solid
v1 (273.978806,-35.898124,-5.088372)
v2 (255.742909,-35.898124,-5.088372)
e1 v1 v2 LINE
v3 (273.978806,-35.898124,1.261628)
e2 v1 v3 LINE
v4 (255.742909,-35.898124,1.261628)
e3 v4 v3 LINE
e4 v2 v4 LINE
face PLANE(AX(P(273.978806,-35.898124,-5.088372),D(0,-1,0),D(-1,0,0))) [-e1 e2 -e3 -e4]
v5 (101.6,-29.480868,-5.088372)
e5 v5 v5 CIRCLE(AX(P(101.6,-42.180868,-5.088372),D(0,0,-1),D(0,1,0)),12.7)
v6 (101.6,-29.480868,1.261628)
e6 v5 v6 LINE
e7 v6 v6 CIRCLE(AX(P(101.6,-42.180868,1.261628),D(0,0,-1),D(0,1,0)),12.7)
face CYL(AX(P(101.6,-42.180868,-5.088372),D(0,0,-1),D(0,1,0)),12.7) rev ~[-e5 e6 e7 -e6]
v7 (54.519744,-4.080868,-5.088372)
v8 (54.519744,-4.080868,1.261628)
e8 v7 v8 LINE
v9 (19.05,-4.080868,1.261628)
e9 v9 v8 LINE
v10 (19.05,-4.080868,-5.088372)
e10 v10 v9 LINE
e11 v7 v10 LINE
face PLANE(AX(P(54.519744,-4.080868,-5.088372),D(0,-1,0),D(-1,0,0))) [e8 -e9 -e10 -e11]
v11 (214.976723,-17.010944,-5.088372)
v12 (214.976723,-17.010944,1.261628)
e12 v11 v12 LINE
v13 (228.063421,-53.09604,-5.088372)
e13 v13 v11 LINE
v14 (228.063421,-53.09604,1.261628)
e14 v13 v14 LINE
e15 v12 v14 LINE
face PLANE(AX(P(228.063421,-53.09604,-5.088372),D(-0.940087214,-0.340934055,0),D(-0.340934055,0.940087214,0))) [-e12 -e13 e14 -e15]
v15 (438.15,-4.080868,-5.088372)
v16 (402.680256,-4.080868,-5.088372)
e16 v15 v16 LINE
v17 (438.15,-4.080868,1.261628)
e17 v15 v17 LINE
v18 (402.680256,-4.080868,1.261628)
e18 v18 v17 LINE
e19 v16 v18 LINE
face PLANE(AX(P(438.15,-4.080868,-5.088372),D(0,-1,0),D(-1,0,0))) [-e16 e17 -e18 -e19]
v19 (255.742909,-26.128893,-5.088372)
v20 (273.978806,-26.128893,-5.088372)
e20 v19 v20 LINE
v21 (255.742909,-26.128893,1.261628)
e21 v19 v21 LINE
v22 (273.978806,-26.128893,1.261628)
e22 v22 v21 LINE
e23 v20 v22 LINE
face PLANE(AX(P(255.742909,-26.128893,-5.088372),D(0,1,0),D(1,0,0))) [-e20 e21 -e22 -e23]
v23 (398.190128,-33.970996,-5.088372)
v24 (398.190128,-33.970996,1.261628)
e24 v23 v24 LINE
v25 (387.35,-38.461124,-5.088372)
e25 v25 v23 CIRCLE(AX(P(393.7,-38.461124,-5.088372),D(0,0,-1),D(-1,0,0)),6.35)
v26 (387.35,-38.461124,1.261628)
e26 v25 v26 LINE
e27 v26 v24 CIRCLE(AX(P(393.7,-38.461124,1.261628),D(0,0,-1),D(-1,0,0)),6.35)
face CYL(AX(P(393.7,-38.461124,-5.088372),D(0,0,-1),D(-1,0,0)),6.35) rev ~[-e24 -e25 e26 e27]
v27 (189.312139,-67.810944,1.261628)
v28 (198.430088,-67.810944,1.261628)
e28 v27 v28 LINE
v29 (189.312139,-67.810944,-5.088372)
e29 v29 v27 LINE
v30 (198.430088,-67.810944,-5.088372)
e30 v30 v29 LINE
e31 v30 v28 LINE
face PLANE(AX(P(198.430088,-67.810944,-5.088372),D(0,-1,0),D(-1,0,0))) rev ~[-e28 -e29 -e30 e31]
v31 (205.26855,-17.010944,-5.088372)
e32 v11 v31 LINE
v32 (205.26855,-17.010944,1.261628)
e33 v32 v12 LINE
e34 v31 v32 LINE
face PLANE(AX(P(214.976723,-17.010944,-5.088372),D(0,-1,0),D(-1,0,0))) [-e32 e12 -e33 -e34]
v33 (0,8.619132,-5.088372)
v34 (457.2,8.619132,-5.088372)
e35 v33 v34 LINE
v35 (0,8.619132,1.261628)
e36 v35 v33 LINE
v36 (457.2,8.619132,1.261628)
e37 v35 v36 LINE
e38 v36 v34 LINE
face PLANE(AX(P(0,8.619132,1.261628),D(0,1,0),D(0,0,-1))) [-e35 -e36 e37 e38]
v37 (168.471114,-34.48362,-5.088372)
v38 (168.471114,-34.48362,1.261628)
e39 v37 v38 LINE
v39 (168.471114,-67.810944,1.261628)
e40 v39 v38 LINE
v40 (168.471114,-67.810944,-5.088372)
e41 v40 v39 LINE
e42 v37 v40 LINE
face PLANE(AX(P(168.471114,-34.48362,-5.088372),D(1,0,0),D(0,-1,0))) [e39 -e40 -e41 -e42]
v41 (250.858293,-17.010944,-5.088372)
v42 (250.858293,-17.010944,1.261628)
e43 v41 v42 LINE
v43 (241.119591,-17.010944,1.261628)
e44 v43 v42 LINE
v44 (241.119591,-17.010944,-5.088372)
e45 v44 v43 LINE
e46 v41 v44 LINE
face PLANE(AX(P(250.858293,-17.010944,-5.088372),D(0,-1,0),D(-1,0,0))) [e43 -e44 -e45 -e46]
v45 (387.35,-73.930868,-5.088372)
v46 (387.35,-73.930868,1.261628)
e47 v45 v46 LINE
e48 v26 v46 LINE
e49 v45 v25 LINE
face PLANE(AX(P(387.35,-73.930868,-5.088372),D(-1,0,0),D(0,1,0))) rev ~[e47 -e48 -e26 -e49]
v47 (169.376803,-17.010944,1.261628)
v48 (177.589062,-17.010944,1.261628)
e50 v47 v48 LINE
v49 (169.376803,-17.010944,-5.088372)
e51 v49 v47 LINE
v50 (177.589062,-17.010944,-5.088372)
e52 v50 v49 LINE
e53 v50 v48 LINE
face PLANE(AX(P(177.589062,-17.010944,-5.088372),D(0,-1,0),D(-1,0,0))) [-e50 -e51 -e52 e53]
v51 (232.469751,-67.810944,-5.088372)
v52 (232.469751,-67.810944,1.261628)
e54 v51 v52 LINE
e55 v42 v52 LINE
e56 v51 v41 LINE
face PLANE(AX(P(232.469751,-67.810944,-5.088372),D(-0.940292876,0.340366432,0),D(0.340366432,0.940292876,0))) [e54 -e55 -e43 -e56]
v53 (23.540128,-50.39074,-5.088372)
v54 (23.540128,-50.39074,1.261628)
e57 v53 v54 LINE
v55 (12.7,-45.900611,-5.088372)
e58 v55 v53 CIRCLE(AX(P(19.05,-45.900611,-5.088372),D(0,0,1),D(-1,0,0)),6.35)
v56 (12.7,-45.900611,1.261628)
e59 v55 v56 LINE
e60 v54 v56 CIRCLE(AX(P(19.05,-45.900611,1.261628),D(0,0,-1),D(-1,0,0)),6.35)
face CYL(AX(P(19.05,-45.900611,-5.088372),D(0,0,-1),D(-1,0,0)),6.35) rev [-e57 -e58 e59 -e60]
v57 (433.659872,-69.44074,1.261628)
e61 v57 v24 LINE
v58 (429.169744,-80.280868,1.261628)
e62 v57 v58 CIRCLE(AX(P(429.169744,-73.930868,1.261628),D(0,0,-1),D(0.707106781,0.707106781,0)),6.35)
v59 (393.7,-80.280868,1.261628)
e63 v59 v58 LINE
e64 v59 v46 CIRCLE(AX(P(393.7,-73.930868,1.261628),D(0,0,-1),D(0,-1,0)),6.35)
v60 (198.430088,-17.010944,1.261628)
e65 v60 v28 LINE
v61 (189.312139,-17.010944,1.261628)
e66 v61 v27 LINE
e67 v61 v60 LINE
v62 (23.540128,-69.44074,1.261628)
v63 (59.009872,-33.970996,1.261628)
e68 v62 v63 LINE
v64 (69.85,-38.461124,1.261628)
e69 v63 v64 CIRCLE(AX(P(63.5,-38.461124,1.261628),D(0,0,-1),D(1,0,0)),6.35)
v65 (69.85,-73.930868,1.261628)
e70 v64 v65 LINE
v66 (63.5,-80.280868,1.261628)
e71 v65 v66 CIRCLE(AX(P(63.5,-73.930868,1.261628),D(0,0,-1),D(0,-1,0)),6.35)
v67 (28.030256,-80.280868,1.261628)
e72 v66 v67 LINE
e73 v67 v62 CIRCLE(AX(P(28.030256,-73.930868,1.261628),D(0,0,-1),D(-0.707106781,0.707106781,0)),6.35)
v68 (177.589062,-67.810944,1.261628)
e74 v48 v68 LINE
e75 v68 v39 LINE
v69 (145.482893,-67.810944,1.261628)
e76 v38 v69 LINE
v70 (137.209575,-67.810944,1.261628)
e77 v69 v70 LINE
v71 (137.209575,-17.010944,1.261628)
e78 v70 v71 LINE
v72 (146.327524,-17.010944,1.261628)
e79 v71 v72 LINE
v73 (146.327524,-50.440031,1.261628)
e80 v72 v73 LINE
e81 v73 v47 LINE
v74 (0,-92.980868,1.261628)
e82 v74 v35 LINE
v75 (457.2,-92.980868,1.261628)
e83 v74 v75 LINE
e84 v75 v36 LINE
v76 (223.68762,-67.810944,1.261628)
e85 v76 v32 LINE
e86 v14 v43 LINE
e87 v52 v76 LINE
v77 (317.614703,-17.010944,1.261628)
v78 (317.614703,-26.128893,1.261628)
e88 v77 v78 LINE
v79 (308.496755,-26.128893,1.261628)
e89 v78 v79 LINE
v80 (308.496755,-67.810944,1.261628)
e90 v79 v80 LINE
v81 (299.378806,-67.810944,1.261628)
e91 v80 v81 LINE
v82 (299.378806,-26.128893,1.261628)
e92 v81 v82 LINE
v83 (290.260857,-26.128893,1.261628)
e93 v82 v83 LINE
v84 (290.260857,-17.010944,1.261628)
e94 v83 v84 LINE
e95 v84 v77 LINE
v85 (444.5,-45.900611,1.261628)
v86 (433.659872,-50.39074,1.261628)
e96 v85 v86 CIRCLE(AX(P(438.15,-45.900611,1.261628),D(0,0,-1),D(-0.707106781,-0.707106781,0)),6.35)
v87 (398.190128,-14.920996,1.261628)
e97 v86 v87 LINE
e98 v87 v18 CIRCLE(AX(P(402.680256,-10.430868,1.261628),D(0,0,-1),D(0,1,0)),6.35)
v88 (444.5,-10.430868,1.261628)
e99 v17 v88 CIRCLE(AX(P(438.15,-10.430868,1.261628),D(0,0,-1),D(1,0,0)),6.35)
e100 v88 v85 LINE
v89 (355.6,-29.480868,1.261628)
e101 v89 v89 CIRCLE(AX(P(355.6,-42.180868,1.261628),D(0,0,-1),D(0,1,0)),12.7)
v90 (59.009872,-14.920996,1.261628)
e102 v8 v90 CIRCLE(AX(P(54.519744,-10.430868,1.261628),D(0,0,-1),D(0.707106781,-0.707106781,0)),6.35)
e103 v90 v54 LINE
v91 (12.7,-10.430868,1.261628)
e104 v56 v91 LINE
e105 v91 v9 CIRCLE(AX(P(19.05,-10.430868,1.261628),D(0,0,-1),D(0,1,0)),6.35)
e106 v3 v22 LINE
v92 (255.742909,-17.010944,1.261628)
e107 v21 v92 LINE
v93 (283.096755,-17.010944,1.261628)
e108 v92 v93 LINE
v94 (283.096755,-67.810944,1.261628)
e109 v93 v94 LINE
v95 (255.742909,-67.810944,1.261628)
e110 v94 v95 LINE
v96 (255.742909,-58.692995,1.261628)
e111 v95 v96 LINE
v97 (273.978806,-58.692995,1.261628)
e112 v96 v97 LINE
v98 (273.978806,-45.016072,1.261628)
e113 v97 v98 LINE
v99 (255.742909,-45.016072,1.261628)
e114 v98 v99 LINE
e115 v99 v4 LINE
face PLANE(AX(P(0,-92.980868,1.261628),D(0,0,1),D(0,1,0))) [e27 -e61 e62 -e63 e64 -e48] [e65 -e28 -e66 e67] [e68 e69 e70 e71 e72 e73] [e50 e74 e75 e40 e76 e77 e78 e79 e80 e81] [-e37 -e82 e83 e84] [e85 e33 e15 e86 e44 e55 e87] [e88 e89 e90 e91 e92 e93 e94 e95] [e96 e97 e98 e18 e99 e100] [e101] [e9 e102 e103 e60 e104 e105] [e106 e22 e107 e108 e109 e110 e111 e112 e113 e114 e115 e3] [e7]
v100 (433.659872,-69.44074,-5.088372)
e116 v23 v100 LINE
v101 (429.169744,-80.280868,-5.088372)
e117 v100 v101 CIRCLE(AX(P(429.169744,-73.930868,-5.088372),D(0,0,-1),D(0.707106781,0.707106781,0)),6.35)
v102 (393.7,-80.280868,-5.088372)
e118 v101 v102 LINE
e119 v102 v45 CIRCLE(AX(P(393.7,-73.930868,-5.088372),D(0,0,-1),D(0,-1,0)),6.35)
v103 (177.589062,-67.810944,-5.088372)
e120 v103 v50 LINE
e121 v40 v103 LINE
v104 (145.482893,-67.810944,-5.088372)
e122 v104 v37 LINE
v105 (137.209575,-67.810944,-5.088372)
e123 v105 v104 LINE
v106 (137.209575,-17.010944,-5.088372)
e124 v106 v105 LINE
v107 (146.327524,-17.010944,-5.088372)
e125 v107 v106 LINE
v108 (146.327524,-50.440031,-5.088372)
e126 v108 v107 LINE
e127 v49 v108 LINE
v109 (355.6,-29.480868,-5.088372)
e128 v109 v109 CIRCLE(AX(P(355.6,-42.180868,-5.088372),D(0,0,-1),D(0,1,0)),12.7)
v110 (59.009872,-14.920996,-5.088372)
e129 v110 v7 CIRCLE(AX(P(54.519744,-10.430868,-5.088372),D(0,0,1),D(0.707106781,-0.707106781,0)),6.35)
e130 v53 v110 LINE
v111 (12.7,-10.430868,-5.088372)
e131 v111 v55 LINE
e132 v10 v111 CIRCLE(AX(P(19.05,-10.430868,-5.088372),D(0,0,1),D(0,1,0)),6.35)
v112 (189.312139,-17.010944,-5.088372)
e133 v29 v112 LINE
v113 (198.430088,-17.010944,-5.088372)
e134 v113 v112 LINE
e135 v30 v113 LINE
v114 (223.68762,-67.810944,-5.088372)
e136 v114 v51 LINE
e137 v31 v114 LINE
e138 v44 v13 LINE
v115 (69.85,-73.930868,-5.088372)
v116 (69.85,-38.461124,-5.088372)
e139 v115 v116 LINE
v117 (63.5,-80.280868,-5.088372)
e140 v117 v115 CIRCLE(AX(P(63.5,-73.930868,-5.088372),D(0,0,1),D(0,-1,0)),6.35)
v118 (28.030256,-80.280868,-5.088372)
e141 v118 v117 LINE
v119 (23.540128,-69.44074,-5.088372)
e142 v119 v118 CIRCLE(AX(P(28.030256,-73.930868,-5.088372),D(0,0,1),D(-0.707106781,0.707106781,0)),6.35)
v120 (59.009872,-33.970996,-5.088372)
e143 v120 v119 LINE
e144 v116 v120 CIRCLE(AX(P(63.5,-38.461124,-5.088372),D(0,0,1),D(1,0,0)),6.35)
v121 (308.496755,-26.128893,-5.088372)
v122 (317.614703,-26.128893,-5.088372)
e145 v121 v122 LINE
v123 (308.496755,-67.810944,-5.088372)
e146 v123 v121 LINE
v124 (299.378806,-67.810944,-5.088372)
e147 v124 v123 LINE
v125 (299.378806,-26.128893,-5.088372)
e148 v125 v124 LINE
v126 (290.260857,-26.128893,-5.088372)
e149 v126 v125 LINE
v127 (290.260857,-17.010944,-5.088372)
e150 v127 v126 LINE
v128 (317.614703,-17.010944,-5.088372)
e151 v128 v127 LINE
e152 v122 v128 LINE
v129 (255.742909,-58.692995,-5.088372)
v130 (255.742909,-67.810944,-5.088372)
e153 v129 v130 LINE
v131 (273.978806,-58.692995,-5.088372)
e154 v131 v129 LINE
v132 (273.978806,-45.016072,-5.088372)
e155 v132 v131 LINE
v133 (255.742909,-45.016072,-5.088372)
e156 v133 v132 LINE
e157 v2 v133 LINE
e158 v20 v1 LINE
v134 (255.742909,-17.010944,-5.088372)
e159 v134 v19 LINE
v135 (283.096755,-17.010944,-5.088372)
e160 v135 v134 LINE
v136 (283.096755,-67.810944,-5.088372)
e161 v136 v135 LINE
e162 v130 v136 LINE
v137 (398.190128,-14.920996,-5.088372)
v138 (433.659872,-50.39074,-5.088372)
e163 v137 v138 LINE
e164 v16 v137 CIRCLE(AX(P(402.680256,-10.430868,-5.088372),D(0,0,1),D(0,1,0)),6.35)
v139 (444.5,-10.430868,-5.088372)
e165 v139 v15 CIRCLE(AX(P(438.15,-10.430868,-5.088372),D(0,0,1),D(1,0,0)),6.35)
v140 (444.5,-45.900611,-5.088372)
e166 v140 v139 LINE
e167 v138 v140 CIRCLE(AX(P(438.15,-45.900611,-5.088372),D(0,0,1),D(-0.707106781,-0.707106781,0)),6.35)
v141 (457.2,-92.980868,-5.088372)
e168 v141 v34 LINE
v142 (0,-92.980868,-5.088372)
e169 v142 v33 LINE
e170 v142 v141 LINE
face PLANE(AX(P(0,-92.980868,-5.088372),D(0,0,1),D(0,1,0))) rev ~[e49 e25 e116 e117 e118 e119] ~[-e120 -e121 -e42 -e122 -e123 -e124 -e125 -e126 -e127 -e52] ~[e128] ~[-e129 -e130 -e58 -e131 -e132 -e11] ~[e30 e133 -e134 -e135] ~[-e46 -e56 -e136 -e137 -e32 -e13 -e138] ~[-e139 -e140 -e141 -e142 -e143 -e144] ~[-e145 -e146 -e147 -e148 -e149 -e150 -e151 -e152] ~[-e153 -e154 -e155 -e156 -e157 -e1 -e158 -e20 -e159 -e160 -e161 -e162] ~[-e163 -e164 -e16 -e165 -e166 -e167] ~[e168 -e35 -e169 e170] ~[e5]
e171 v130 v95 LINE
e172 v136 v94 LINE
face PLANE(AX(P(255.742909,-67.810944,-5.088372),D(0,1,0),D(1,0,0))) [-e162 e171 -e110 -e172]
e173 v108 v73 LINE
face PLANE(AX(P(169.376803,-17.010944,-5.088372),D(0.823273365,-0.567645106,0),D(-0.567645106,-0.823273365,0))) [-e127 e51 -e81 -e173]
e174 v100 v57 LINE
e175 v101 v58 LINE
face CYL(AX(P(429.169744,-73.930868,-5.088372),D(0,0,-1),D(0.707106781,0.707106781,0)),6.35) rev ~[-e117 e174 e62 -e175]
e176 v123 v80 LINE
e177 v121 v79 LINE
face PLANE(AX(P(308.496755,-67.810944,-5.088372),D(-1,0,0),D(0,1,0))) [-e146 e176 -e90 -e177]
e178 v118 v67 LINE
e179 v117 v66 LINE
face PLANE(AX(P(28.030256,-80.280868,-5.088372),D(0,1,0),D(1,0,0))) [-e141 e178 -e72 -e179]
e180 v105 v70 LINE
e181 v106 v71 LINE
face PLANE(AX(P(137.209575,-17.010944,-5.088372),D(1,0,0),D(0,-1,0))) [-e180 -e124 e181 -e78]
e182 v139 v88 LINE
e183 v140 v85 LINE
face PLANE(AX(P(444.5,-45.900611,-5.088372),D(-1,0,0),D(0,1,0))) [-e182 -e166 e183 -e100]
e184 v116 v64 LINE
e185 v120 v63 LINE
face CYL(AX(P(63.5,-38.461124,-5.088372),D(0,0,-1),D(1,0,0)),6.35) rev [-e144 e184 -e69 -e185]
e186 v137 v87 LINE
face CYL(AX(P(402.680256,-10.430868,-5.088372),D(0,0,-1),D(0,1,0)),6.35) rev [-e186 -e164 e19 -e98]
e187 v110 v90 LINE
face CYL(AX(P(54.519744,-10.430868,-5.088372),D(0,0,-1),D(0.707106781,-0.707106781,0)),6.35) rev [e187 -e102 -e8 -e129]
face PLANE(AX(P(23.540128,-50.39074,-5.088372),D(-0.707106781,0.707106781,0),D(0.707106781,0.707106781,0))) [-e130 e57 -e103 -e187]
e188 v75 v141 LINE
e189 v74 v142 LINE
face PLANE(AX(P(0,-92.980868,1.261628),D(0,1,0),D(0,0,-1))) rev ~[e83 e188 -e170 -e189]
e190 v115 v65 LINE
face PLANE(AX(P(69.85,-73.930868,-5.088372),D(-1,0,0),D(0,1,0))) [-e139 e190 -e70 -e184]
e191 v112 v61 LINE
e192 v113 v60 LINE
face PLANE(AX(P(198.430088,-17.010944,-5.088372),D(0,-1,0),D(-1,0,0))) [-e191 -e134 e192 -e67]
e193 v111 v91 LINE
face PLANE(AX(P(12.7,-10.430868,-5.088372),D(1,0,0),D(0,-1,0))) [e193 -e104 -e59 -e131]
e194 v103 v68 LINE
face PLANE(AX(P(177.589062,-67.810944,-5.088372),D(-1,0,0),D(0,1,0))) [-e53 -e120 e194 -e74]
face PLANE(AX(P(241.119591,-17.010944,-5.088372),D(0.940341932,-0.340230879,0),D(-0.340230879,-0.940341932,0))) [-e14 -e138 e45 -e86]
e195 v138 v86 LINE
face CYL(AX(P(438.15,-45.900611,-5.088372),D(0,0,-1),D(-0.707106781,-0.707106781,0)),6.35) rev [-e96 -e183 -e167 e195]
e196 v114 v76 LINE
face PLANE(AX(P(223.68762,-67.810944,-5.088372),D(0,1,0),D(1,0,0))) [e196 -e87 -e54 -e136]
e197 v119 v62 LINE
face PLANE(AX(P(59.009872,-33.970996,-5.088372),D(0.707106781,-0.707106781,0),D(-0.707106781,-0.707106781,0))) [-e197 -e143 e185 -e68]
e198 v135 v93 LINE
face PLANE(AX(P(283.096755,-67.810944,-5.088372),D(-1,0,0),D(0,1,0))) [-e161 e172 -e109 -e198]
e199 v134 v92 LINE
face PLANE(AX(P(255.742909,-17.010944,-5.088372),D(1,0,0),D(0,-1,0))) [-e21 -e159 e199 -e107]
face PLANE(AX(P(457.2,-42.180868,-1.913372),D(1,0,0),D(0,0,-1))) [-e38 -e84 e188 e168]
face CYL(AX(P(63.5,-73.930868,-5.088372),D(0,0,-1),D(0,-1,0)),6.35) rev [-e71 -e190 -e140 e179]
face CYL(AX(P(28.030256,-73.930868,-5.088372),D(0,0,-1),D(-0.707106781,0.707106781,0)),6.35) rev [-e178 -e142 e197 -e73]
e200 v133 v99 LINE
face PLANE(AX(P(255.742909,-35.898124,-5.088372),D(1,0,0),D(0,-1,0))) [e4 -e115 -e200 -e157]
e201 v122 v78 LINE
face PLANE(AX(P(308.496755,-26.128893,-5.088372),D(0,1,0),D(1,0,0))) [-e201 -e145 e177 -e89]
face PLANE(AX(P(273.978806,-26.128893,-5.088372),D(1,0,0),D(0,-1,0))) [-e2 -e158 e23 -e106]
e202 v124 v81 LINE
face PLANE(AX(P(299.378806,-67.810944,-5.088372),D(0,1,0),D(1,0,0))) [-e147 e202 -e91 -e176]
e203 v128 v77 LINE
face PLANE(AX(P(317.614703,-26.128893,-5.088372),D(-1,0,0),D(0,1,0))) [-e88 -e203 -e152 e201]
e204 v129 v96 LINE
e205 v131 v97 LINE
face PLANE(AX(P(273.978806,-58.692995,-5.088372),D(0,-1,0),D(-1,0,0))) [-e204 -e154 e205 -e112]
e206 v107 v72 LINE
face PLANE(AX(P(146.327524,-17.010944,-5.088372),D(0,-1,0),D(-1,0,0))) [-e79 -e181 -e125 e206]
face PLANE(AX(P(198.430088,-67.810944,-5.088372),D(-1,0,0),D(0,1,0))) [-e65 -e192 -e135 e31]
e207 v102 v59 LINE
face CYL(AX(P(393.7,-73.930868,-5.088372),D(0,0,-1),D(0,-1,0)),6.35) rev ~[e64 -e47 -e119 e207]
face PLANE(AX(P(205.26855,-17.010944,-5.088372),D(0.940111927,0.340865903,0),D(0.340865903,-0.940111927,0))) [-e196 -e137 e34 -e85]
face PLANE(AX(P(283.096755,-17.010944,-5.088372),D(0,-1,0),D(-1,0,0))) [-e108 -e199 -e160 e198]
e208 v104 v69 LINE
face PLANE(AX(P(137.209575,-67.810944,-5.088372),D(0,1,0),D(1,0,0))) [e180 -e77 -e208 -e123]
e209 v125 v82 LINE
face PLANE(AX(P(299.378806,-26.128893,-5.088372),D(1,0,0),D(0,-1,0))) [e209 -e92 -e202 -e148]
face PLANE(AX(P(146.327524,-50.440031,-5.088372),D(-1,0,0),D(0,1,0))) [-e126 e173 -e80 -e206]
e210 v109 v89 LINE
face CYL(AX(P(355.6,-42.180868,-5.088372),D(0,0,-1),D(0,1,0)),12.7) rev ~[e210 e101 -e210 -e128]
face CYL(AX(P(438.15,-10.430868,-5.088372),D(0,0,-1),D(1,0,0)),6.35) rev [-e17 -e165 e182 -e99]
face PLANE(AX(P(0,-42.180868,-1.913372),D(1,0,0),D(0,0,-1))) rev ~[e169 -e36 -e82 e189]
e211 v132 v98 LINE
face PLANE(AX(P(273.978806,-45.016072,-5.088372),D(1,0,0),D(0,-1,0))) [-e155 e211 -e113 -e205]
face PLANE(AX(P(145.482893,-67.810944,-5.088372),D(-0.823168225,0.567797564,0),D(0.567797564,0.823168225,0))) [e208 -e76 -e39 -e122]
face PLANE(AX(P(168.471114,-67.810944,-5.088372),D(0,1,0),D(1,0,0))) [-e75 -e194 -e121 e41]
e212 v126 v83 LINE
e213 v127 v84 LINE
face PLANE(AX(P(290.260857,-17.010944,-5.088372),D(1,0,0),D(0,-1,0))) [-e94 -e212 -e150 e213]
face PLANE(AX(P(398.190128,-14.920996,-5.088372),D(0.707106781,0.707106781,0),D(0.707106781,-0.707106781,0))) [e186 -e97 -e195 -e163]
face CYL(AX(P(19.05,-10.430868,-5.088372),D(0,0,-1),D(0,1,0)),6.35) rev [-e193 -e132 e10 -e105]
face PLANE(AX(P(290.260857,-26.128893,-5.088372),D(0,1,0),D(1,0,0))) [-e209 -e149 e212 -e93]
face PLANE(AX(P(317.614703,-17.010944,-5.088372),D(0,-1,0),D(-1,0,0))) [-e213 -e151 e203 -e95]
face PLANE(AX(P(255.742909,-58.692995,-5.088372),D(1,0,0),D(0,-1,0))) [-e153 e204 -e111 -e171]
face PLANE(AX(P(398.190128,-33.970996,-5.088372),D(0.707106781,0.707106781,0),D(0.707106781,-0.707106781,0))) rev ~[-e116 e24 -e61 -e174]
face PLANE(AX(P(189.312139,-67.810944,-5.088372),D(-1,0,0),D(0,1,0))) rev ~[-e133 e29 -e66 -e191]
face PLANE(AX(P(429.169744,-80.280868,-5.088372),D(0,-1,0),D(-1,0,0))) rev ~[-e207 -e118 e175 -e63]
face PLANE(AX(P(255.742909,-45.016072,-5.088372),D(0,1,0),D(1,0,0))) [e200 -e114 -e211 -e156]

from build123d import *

# Parameters (mm, degrees)
SKETCH1_W           = 6.35
SKETCH1_H           = 101.6
BOSS_EXTRUDE1_DEPTH = 457.2
SKETCH2_R           = 12.7
CUT_EXTRUDE1_DEPTH  = 467.602190566
SKETCH3_W           = 9.117948718
SKETCH3_H           = 50.8
CUT_EXTRUDE2_DEPTH  = 467.602190566


with BuildPart() as part:
    # Sketch1 → Boss-Extrude1 (new body)
    with BuildSketch(Plane(origin=(0, 0, 0), x_dir=(0, 0, -1), z_dir=(1, 0, 0))):
        with Locations((1.913371748, -42.180867605)):
            Rectangle(SKETCH1_W, SKETCH1_H)
    extrude(amount=BOSS_EXTRUDE1_DEPTH)

    # Sketch2 → Cut-Extrude1 (cut, through all)
    with BuildSketch(Plane(origin=(0, 0, -5.088371748), x_dir=(-1, 0, 0), z_dir=(0, 0, -1))):
        with Locations(Location((-355.6, -42.180867605, 0), (0, 0, 90))):
            Circle(SKETCH2_R)
        with Locations(Location((-101.6, -42.180867605, 0), (0, 0, 90))):
            Circle(SKETCH2_R)
    extrude(amount=-CUT_EXTRUDE1_DEPTH, mode=Mode.SUBTRACT)

    # Sketch3 → Cut-Extrude2 (cut, through all)
    with BuildSketch(Plane(origin=(0, 0, -5.088371748), x_dir=(-1, 0, 0), z_dir=(0, 0, -1))):
        with BuildLine():
            Line((-438.15, -4.080867605), (-402.680256121, -4.080867605))
            ThreePointArc((-402.680256121, -4.080867605), (-396.81362109, -8.000827809), (-398.190128061, -14.920995665))
            Line((-398.190128061, -14.920995665), (-433.659871939, -50.390739544))
            ThreePointArc((-433.659871939, -50.390739544), (-440.580039796, -51.767246515), (-444.5, -45.900611484))
            Line((-444.5, -45.900611484), (-444.5, -10.430867605))
            ThreePointArc((-444.5, -10.430867605), (-442.640128061, -5.940739544), (-438.15, -4.080867605))
        make_face()
        with BuildLine():
            Line((-398.190128061, -33.970995665), (-433.659871939, -69.440739544))
            ThreePointArc((-433.659871939, -69.440739544), (-435.03637891, -76.3609074), (-429.169743879, -80.280867605))
            Line((-429.169743879, -80.280867605), (-393.7, -80.280867605))
            ThreePointArc((-393.7, -80.280867605), (-389.209871939, -78.420995665), (-387.35, -73.930867605))
            Line((-387.35, -73.930867605), (-387.35, -38.461123726))
            ThreePointArc((-387.35, -38.461123726), (-391.269960204, -32.594488694), (-398.190128061, -33.970995665))
        make_face()
        with BuildLine():
            Line((-69.85, -73.930867605), (-69.85, -38.461123726))
            ThreePointArc((-69.85, -38.461123726), (-65.930039796, -32.594488694), (-59.009871939, -33.970995665))
            Line((-59.009871939, -33.970995665), (-23.540128061, -69.440739544))
            ThreePointArc((-23.540128061, -69.440739544), (-22.16362109, -76.3609074), (-28.030256121, -80.280867605))
            Line((-28.030256121, -80.280867605), (-63.5, -80.280867605))
            ThreePointArc((-63.5, -80.280867605), (-67.990128061, -78.420995665), (-69.85, -73.930867605))
        make_face()
        with BuildLine():
            Line((-23.540128061, -50.390739544), (-59.009871939, -14.920995665))
            ThreePointArc((-59.009871939, -14.920995665), (-60.38637891, -8.000827809), (-54.519743879, -4.080867605))
            Line((-54.519743879, -4.080867605), (-19.05, -4.080867605))
            ThreePointArc((-19.05, -4.080867605), (-14.559871939, -5.940739544), (-12.7, -10.430867605))
            Line((-12.7, -10.430867605), (-12.7, -45.900611484))
            ThreePointArc((-12.7, -45.900611484), (-16.619960204, -51.767246515), (-23.540128061, -50.390739544))
        make_face()
        Polygon((-317.614703405, -17.01094408), (-290.260857251, -17.01094408), (-290.260857251, -26.128892798), (-299.378805969, -26.128892798), (-299.378805969, -67.81094408), (-308.496754687, -67.81094408), (-308.496754687, -26.128892798), (-317.614703405, -26.128892798), align=None)
        Polygon((-283.096754687, -17.01094408), (-255.742908533, -17.01094408), (-255.742908533, -26.128892798), (-273.978805969, -26.128892798), (-273.978805969, -35.898123567), (-255.742908533, -35.898123567), (-255.742908533, -45.016072285), (-273.978805969, -45.016072285), (-273.978805969, -58.692995362), (-255.742908533, -58.692995362), (-255.742908533, -67.81094408), (-283.096754687, -67.81094408), align=None)
        Polygon((-250.858293149, -17.01094408), (-241.119591226, -17.01094408), (-228.063421354, -53.096040233), (-214.976722636, -17.01094408), (-205.268549559, -17.01094408), (-223.687620072, -67.81094408), (-232.469751482, -67.81094408), align=None)
        with Locations((-193.871113661, -42.41094408)):
            Rectangle(SKETCH3_W, SKETCH3_H)
        Polygon((-177.589062379, -17.01094408), (-169.376802764, -17.01094408), (-146.327523918, -50.440030618), (-146.327523918, -17.01094408), (-137.2095752, -17.01094408), (-137.2095752, -67.81094408), (-145.482892508, -67.81094408), (-168.471113661, -34.483620362), (-168.471113661, -67.81094408), (-177.589062379, -67.81094408), align=None)
    extrude(amount=-CUT_EXTRUDE2_DEPTH, mode=Mode.SUBTRACT)


solid = part.part
